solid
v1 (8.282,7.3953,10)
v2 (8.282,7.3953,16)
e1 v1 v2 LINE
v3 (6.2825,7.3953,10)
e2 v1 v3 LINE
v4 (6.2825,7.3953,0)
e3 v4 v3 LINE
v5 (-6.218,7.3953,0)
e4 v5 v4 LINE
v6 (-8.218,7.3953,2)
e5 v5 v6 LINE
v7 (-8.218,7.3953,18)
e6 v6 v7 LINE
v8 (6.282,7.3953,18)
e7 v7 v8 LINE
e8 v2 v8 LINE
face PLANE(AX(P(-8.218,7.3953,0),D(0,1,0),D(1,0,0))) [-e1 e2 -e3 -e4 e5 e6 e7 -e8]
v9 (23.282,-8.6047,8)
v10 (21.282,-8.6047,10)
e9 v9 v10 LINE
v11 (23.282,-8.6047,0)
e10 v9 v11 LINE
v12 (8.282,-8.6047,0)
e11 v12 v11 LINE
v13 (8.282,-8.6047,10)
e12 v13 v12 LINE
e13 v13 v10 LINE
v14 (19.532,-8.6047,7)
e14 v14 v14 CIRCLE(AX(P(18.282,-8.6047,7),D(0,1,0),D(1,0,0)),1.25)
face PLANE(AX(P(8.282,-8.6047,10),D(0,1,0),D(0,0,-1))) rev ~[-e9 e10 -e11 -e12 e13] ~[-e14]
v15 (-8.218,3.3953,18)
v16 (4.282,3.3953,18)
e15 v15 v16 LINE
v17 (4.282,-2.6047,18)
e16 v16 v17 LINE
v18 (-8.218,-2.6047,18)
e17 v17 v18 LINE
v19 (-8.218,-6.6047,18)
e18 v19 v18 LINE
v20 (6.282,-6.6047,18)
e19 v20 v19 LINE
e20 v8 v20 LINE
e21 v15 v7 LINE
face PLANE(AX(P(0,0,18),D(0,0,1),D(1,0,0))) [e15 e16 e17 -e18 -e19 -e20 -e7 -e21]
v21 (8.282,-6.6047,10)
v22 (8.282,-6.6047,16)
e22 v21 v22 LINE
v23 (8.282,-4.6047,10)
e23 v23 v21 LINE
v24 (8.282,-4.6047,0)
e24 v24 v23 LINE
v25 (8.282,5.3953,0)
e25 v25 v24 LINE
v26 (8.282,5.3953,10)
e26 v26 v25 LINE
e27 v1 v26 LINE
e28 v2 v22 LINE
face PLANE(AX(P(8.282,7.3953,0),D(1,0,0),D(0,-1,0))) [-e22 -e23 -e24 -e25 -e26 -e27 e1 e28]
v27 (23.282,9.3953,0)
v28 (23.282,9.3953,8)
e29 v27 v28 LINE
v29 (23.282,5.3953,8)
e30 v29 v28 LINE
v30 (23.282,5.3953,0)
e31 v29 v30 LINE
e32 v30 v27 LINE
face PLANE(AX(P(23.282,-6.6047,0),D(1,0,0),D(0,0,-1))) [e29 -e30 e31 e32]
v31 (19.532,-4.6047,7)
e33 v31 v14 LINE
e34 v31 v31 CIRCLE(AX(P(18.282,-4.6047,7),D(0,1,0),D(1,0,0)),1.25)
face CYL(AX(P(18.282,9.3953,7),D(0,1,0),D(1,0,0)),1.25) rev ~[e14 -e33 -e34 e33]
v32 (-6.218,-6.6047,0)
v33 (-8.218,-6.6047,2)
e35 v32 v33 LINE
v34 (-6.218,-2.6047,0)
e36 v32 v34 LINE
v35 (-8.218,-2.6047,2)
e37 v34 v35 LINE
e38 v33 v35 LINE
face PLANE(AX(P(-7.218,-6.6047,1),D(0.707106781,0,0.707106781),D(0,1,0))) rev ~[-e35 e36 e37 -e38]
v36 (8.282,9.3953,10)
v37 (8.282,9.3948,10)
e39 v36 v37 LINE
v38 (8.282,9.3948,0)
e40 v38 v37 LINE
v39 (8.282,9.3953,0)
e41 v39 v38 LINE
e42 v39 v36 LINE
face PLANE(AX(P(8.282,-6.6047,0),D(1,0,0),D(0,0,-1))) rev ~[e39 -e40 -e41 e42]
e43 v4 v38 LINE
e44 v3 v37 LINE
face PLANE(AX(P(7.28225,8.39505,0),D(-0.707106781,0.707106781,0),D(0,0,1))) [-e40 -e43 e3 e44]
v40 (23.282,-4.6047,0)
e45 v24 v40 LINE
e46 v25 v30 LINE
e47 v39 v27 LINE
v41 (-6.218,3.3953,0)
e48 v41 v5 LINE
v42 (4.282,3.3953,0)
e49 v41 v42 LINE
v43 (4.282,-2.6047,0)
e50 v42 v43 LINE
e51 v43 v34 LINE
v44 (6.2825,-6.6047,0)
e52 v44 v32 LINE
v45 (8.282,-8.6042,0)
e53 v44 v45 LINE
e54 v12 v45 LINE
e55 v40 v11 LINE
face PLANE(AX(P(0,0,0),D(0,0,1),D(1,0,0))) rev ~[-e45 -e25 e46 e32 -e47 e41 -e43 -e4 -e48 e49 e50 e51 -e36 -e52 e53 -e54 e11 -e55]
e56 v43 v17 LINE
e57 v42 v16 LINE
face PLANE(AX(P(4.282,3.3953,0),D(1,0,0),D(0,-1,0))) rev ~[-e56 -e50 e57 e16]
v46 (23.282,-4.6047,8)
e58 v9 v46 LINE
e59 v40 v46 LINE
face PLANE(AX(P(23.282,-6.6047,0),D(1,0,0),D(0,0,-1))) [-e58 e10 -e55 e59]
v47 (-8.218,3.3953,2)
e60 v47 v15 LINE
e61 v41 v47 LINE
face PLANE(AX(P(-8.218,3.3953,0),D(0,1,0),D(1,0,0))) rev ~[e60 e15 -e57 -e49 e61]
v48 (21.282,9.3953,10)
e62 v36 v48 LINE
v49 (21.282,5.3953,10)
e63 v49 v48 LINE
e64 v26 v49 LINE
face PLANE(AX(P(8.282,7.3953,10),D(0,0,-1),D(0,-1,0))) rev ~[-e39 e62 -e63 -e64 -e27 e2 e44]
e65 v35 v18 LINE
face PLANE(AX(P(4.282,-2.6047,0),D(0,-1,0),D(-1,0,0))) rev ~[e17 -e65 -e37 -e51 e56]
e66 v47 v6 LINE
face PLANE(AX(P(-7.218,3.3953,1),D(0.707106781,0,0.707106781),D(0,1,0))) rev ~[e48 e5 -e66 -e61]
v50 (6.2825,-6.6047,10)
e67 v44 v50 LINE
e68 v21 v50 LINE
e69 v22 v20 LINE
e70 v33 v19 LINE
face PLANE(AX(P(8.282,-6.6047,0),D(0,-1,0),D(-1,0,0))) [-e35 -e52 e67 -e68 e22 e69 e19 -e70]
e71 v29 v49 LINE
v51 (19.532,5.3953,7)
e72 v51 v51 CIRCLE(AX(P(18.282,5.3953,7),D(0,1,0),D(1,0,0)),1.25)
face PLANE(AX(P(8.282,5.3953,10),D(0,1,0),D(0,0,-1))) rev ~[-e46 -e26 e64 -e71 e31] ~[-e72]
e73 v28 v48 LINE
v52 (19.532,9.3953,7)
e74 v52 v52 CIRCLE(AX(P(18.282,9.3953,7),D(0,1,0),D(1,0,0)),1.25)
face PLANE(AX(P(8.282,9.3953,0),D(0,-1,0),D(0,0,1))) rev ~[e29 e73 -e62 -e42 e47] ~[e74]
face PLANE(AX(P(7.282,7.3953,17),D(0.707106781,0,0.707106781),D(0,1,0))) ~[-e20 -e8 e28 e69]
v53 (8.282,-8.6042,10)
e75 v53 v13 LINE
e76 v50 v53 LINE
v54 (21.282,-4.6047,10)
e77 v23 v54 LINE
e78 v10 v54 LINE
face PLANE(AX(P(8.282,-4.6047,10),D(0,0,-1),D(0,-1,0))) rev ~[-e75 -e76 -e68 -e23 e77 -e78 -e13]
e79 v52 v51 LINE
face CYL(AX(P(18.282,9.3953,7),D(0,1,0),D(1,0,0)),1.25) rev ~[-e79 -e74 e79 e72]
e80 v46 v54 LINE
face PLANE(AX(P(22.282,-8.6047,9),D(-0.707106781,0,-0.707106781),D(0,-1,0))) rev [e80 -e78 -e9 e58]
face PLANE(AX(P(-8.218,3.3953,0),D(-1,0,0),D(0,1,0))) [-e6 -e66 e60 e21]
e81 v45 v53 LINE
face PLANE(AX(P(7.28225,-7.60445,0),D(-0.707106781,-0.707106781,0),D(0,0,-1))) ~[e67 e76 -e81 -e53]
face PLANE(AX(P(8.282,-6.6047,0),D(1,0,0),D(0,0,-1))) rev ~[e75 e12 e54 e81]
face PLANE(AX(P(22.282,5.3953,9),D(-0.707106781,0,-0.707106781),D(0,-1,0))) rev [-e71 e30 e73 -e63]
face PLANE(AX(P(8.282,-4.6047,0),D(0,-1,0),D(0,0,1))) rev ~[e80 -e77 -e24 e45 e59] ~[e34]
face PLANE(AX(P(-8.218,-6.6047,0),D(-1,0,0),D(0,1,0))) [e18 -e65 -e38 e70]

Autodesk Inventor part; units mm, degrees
ref_plane "YZ Plane" through (0, 0, 0) normal (1, 0, 0) x (0, 1, 0)
ref_plane "XZ Plane" through (0, 0, 0) normal (0, 1, 0) x (-1, 0, 0)
ref_plane "XY Plane" through (0, 0, 0) normal (0, 0, 1) x (1, 0, 0)
sketch "Sketch1" plane through (0, 0, 0) normal (0, 0, 1) x (1, 0, 0)
  line L0 (-8.218, 3.3953) -> (4.282, 3.3953)
  line L1 (4.282, 3.3953) -> (4.282, -2.6047)
  line L2 (4.282, -2.6047) -> (-8.218, -2.6047)
  line L3 (-8.218, -2.6047) -> (-8.218, 3.3953)
  line L4 (-8.218, 7.3953) -> (8.282, 7.3953)
  line L5 (8.282, 7.3953) -> (8.282, -6.6047)
  line L6 (8.282, -6.6047) -> (-8.218, -6.6047)
  line L7 (-8.218, -6.6047) -> (-8.218, 7.3953)
  point P0 (0, 0)
  dimension "d0" = 12.5
  dimension "d1" = 6
  dimension "d2" = 4
  dimension "d3" = 4
  dimension "d4" = 4
extrude "Extrusion1" add sketch "Sketch1" along normal blind 18 contours L7 L4 L5 L6 L2 L1 L0
sketch "Sketch2" plane through (8.282, -6.6047, 0) normal (1, 0, 0) x (0, 0, -1)
  line L0 (-10, 12) -> (0, 12)
  line L1 (0, 12) -> (0, 2)
  line L2 (0, 2) -> (-10, 2)
  line L3 (-10, 2) -> (-10, 12)
  line L4 (0, 14) -> (0, 0) projected
  line L5 (0, 14) -> (-18, 14) projected
  line L6 (0, 0) -> (-18, 0) projected
  line L7 (-10, 12) -> (0, 12)
  line L8 (0, 12) -> (0, 16)
  line L9 (0, 16) -> (-10, 16)
  line L10 (-10, 16) -> (-10, 12)
  line L11 (0, 2) -> (-10, 2)
  line L12 (-10, 2) -> (-10, -2)
  line L13 (-10, -2) -> (0, -2)
  line L14 (0, -2) -> (0, 2)
  point P0 (0, 6.6047)
  dimension "d7" = 10
  dimension "d8" = 10
  dimension "d9" = 2
  dimension "d10" = 2
  dimension "d11" = 4
  dimension "d12" = 4
extrude "Extrusion2" add sketch "Sketch2" along normal blind 15 contours L10 L5 L4 L0 | L2 L4 L6 L12 | L10 L9 L8 L5 | L6 L14 L13 L12
chamfer "Chamfer1" distance 2 angle 45 1 edges at (8.282, -6.6047, 5)
chamfer "Chamfer2" distance 2 angle 45 1 edges at (8.282, 7.3953, 5)
sketch "Sketch3" plane through (23.282, 9.3953, 10) normal (0, 1, 0) x (1, 0, 0)
  line L0 (-15, 0) -> (0, 0) projected
  line L1 (0, 10) -> (0, 0) projected
  circle A0 centre (-5, 3) radius 1.25
  point P0 (-23.282, 10)
  dimension "d21" = 3
  dimension "d22" = 5
  dimension "d23" = 2.5
extrude "Extrusion3" cut sketch "Sketch3" against normal blind 30
chamfer "Chamfer3" distance 2 angle 45 4 edges at (23.282, -6.6047, 10) (23.282, 7.3953, 10) (-8.218, 5.3953, 0) (-8.218, -4.6047, 0)
chamfer "Chamfer4" distance 2 angle 45 1 edges at (8.282, 0.3953, 18)
properties part number "Bottom pully rack"
